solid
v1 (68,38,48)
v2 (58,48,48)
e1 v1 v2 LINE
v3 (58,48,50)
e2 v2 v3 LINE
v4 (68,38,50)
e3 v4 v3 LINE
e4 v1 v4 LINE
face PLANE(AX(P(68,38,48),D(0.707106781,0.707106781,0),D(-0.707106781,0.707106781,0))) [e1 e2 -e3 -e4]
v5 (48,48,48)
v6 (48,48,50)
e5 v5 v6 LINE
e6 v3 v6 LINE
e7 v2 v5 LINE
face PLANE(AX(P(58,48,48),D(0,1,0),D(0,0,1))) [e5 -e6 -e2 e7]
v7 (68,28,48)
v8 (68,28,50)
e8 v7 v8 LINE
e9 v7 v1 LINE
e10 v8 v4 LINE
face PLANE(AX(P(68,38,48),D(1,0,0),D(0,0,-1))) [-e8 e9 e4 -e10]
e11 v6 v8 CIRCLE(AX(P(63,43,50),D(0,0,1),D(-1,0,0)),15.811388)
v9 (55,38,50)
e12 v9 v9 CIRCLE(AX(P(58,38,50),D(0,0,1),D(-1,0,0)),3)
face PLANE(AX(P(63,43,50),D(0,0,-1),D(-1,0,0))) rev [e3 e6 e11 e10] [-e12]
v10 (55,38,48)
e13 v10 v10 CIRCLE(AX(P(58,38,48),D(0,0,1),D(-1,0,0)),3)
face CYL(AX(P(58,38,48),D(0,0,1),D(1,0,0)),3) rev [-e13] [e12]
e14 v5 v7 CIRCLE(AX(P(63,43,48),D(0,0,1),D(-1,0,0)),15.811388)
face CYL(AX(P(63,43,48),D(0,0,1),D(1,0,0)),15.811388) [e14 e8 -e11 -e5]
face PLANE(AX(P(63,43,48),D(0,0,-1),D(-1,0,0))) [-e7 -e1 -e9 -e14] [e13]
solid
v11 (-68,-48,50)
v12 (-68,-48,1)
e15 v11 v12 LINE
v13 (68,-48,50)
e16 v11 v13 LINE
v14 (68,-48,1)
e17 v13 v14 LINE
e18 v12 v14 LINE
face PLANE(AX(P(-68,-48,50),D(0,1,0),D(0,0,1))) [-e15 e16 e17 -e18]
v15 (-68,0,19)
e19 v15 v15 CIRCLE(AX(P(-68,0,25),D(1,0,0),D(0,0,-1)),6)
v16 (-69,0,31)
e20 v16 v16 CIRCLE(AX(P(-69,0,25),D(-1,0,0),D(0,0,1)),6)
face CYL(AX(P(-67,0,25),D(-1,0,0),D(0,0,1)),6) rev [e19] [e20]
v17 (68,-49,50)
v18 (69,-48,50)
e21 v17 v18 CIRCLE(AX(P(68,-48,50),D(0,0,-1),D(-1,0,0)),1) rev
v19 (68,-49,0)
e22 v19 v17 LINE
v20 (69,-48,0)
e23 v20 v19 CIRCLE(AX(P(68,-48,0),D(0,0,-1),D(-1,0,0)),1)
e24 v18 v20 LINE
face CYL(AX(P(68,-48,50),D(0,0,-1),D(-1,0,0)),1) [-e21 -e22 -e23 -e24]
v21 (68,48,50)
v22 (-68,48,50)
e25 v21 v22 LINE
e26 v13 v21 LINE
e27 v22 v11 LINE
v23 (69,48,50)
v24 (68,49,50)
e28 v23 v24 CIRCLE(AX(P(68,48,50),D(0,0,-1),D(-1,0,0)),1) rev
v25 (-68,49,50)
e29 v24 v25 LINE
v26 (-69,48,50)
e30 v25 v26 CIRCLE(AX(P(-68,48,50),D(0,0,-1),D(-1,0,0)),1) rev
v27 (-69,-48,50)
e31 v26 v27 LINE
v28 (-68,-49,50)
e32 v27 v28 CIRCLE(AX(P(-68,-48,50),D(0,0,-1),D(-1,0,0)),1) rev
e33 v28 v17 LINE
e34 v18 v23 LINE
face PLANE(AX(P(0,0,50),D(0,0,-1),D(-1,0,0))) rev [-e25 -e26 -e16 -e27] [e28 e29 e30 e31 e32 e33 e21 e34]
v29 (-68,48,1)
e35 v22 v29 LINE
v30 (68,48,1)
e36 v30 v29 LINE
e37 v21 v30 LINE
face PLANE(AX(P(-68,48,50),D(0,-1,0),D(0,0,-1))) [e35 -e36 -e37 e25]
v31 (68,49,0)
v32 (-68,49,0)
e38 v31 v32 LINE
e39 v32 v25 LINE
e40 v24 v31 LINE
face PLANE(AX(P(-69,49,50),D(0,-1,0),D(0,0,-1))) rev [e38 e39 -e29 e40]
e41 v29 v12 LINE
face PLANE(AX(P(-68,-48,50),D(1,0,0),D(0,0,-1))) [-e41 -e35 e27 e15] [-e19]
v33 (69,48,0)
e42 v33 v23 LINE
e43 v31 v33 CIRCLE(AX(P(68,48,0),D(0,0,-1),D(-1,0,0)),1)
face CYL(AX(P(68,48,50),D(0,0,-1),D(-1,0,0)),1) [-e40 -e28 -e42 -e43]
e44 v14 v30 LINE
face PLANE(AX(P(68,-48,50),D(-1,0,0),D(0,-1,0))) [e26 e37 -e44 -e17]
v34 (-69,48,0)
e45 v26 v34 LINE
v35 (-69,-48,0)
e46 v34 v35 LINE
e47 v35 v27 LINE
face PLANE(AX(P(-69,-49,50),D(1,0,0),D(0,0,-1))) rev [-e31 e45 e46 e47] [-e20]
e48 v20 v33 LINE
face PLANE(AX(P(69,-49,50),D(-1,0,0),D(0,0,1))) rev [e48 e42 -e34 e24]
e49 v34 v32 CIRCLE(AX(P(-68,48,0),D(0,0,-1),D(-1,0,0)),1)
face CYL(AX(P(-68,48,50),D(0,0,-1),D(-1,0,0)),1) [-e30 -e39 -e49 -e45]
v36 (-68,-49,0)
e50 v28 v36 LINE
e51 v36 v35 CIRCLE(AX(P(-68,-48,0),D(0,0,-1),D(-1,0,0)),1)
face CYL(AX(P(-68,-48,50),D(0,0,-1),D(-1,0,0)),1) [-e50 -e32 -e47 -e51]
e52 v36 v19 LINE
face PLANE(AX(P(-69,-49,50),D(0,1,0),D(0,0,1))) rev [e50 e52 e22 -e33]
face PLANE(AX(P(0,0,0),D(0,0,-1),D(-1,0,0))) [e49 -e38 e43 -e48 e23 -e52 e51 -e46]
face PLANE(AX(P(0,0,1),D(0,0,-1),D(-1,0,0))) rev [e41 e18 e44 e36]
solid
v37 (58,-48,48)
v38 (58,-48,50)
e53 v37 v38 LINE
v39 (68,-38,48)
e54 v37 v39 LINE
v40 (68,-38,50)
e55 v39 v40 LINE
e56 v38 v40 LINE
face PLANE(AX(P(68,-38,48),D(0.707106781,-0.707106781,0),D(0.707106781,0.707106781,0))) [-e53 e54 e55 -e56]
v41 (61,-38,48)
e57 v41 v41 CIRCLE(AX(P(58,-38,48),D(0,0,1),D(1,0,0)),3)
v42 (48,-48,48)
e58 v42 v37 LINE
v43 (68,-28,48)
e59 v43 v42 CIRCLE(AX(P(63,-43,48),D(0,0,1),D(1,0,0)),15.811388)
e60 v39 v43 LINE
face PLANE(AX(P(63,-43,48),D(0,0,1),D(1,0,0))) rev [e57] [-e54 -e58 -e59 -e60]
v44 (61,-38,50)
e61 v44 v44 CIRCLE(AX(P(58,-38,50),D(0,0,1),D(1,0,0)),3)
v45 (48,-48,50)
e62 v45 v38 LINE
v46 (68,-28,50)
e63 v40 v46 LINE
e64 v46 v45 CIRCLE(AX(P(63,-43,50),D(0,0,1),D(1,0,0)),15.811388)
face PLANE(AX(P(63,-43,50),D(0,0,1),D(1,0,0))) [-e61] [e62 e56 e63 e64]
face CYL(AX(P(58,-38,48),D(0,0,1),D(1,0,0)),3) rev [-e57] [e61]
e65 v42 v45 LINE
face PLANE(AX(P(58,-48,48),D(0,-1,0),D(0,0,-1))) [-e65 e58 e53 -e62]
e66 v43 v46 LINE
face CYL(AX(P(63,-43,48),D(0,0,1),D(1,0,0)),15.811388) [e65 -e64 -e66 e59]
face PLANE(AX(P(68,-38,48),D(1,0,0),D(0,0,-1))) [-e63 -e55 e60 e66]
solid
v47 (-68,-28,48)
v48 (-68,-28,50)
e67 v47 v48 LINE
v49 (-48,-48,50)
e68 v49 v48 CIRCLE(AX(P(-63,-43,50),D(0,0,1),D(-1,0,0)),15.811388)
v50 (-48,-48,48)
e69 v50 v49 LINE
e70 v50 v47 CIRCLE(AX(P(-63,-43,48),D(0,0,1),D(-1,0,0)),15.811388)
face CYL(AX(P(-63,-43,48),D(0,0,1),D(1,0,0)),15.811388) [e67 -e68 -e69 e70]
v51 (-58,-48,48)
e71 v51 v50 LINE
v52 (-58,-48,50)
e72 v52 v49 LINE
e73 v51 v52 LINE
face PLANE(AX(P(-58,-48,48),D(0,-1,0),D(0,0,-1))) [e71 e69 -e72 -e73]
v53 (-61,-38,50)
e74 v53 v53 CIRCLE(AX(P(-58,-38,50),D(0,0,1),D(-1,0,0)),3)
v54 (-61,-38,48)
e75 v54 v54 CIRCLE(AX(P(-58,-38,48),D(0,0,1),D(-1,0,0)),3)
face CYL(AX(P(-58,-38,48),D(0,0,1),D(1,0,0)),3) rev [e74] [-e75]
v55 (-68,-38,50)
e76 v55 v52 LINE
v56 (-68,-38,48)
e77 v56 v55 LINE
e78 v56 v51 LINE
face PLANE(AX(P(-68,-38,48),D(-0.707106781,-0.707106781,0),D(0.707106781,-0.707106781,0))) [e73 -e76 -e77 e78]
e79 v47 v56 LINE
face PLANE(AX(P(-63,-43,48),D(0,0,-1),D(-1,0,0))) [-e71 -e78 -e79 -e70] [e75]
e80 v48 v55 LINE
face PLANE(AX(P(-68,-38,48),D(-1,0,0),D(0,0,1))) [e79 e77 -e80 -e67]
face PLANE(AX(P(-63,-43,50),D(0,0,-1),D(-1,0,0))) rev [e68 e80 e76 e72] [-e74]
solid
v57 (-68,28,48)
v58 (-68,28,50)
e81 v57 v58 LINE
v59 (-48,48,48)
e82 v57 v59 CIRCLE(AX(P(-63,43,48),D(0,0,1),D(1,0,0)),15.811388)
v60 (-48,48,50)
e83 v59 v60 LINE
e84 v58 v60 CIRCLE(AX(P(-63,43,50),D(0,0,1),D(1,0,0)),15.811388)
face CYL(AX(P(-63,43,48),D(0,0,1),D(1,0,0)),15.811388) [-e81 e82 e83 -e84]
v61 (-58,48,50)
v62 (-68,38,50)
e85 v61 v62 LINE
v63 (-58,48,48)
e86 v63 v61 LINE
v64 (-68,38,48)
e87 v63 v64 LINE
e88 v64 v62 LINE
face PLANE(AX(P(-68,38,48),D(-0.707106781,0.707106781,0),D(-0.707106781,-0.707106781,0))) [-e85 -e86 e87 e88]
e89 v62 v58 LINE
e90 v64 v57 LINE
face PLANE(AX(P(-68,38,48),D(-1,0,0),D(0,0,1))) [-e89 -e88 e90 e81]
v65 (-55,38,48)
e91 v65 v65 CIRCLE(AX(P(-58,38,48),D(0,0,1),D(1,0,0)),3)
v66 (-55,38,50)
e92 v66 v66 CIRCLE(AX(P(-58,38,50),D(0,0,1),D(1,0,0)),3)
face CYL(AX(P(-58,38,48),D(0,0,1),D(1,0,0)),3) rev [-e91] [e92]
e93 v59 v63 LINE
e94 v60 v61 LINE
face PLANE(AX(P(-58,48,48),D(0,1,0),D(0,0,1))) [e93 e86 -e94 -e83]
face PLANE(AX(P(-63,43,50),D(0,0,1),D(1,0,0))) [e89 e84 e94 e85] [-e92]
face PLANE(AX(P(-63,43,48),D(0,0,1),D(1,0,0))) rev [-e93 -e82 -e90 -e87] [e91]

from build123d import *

# Parameters (mm, degrees)
CROQUIS1_W                = 138
CROQUIS1_H                = 98
CROQUIS1_W_2              = 136
CROQUIS1_H_2              = 96
SALIENTE_EXTRUIR2_DEPTH   = 50
CROQUIS2_W                = 136
CROQUIS2_H                = 96
SALIENTE_EXTRUIR3_DEPTH   = 1
REDONDEO1_R               = 1
CROQUIS7_R                = 3
SALIENTE_EXTRUIR6_DEPTH   = 2
SALIENTE_EXTRUIR6_2_DEPTH = 2
SALIENTE_EXTRUIR6_3_DEPTH = 2
SALIENTE_EXTRUIR6_4_DEPTH = 2
CROQUIS8_R                = 6
CORTAR_EXTRUIR1_DEPTH     = 2


with BuildPart() as part:
    # Croquis1 → Saliente-Extruir2 (new body)
    with BuildSketch(Plane.XY):
        Rectangle(CROQUIS1_W, CROQUIS1_H)
        Rectangle(CROQUIS1_W_2, CROQUIS1_H_2, mode=Mode.SUBTRACT)
    extrude(amount=SALIENTE_EXTRUIR2_DEPTH)

    # Croquis2 → Saliente-Extruir3 (add)
    with BuildSketch(Plane.XY):
        Rectangle(CROQUIS2_W, CROQUIS2_H)
    extrude(amount=SALIENTE_EXTRUIR3_DEPTH)

    # Redondeo1
    redondeo1_edges = [part.edges().sort_by_distance(p)[0] for p in [
        (69, -49, 25),
        (-69, -49, 25),
        (-69, 49, 25),
        (69, 49, 25),
    ]]
    fillet(redondeo1_edges, radius=REDONDEO1_R)

    # Croquis8 → Cortar-Extruir1 (cut)
    with BuildSketch(Plane.ZY.offset(69)):
        with Locations((25, 0)):
            Circle(CROQUIS8_R)
    extrude(amount=-CORTAR_EXTRUIR1_DEPTH, mode=Mode.SUBTRACT)


with BuildPart() as body_2:
    # Croquis7 → Saliente-Extruir6 (new body)
    with BuildSketch(Plane.XY.offset(50)):
        with BuildLine():
            Line((-68, 38), (-58, 48))
            Line((-58, 48), (-48, 48))
            ThreePointArc((-48, 48), (-51.819660113, 31.819660113), (-68, 28))
            Line((-68, 28), (-68, 38))
        make_face()
        with Locations((-58, 38)):
            Circle(CROQUIS7_R, mode=Mode.SUBTRACT)
    extrude(amount=-SALIENTE_EXTRUIR6_DEPTH)


with BuildPart() as body_3:
    # Croquis7 → Saliente-Extruir6 2 (new body)
    with BuildSketch(Plane.XY.offset(50)):
        with BuildLine():
            Line((58, 48), (48, 48))
            ThreePointArc((48, 48), (51.819660113, 31.819660113), (68, 28))
            Line((68, 28), (68, 38))
            Line((68, 38), (58, 48))
        make_face()
        with Locations(Location((58, 38, 0), (0, 0, 180))):
            Circle(CROQUIS7_R, mode=Mode.SUBTRACT)
    extrude(amount=-SALIENTE_EXTRUIR6_2_DEPTH)


with BuildPart() as body_4:
    # Croquis7 → Saliente-Extruir6 3 (new body)
    with BuildSketch(Plane.XY.offset(50)):
        with BuildLine():
            Line((58, -48), (48, -48))
            ThreePointArc((48, -48), (51.819660113, -31.819660113), (68, -28))
            Line((68, -28), (68, -38))
            Line((68, -38), (58, -48))
        make_face()
        with Locations((58, -38)):
            Circle(CROQUIS7_R, mode=Mode.SUBTRACT)
    extrude(amount=-SALIENTE_EXTRUIR6_3_DEPTH)


with BuildPart() as body_5:
    # Croquis7 → Saliente-Extruir6 4 (new body)
    with BuildSketch(Plane.XY.offset(50)):
        with BuildLine():
            Line((-68, -38), (-68, -28))
            ThreePointArc((-68, -28), (-51.819660113, -31.819660113), (-48, -48))
            Line((-48, -48), (-58, -48))
            Line((-58, -48), (-68, -38))
        make_face()
        with Locations(Location((-58, -38, 0), (0, 0, 180))):
            Circle(CROQUIS7_R, mode=Mode.SUBTRACT)
    extrude(amount=-SALIENTE_EXTRUIR6_4_DEPTH)


solid = Compound([part.part, body_2.part, body_3.part, body_4.part, body_5.part])
